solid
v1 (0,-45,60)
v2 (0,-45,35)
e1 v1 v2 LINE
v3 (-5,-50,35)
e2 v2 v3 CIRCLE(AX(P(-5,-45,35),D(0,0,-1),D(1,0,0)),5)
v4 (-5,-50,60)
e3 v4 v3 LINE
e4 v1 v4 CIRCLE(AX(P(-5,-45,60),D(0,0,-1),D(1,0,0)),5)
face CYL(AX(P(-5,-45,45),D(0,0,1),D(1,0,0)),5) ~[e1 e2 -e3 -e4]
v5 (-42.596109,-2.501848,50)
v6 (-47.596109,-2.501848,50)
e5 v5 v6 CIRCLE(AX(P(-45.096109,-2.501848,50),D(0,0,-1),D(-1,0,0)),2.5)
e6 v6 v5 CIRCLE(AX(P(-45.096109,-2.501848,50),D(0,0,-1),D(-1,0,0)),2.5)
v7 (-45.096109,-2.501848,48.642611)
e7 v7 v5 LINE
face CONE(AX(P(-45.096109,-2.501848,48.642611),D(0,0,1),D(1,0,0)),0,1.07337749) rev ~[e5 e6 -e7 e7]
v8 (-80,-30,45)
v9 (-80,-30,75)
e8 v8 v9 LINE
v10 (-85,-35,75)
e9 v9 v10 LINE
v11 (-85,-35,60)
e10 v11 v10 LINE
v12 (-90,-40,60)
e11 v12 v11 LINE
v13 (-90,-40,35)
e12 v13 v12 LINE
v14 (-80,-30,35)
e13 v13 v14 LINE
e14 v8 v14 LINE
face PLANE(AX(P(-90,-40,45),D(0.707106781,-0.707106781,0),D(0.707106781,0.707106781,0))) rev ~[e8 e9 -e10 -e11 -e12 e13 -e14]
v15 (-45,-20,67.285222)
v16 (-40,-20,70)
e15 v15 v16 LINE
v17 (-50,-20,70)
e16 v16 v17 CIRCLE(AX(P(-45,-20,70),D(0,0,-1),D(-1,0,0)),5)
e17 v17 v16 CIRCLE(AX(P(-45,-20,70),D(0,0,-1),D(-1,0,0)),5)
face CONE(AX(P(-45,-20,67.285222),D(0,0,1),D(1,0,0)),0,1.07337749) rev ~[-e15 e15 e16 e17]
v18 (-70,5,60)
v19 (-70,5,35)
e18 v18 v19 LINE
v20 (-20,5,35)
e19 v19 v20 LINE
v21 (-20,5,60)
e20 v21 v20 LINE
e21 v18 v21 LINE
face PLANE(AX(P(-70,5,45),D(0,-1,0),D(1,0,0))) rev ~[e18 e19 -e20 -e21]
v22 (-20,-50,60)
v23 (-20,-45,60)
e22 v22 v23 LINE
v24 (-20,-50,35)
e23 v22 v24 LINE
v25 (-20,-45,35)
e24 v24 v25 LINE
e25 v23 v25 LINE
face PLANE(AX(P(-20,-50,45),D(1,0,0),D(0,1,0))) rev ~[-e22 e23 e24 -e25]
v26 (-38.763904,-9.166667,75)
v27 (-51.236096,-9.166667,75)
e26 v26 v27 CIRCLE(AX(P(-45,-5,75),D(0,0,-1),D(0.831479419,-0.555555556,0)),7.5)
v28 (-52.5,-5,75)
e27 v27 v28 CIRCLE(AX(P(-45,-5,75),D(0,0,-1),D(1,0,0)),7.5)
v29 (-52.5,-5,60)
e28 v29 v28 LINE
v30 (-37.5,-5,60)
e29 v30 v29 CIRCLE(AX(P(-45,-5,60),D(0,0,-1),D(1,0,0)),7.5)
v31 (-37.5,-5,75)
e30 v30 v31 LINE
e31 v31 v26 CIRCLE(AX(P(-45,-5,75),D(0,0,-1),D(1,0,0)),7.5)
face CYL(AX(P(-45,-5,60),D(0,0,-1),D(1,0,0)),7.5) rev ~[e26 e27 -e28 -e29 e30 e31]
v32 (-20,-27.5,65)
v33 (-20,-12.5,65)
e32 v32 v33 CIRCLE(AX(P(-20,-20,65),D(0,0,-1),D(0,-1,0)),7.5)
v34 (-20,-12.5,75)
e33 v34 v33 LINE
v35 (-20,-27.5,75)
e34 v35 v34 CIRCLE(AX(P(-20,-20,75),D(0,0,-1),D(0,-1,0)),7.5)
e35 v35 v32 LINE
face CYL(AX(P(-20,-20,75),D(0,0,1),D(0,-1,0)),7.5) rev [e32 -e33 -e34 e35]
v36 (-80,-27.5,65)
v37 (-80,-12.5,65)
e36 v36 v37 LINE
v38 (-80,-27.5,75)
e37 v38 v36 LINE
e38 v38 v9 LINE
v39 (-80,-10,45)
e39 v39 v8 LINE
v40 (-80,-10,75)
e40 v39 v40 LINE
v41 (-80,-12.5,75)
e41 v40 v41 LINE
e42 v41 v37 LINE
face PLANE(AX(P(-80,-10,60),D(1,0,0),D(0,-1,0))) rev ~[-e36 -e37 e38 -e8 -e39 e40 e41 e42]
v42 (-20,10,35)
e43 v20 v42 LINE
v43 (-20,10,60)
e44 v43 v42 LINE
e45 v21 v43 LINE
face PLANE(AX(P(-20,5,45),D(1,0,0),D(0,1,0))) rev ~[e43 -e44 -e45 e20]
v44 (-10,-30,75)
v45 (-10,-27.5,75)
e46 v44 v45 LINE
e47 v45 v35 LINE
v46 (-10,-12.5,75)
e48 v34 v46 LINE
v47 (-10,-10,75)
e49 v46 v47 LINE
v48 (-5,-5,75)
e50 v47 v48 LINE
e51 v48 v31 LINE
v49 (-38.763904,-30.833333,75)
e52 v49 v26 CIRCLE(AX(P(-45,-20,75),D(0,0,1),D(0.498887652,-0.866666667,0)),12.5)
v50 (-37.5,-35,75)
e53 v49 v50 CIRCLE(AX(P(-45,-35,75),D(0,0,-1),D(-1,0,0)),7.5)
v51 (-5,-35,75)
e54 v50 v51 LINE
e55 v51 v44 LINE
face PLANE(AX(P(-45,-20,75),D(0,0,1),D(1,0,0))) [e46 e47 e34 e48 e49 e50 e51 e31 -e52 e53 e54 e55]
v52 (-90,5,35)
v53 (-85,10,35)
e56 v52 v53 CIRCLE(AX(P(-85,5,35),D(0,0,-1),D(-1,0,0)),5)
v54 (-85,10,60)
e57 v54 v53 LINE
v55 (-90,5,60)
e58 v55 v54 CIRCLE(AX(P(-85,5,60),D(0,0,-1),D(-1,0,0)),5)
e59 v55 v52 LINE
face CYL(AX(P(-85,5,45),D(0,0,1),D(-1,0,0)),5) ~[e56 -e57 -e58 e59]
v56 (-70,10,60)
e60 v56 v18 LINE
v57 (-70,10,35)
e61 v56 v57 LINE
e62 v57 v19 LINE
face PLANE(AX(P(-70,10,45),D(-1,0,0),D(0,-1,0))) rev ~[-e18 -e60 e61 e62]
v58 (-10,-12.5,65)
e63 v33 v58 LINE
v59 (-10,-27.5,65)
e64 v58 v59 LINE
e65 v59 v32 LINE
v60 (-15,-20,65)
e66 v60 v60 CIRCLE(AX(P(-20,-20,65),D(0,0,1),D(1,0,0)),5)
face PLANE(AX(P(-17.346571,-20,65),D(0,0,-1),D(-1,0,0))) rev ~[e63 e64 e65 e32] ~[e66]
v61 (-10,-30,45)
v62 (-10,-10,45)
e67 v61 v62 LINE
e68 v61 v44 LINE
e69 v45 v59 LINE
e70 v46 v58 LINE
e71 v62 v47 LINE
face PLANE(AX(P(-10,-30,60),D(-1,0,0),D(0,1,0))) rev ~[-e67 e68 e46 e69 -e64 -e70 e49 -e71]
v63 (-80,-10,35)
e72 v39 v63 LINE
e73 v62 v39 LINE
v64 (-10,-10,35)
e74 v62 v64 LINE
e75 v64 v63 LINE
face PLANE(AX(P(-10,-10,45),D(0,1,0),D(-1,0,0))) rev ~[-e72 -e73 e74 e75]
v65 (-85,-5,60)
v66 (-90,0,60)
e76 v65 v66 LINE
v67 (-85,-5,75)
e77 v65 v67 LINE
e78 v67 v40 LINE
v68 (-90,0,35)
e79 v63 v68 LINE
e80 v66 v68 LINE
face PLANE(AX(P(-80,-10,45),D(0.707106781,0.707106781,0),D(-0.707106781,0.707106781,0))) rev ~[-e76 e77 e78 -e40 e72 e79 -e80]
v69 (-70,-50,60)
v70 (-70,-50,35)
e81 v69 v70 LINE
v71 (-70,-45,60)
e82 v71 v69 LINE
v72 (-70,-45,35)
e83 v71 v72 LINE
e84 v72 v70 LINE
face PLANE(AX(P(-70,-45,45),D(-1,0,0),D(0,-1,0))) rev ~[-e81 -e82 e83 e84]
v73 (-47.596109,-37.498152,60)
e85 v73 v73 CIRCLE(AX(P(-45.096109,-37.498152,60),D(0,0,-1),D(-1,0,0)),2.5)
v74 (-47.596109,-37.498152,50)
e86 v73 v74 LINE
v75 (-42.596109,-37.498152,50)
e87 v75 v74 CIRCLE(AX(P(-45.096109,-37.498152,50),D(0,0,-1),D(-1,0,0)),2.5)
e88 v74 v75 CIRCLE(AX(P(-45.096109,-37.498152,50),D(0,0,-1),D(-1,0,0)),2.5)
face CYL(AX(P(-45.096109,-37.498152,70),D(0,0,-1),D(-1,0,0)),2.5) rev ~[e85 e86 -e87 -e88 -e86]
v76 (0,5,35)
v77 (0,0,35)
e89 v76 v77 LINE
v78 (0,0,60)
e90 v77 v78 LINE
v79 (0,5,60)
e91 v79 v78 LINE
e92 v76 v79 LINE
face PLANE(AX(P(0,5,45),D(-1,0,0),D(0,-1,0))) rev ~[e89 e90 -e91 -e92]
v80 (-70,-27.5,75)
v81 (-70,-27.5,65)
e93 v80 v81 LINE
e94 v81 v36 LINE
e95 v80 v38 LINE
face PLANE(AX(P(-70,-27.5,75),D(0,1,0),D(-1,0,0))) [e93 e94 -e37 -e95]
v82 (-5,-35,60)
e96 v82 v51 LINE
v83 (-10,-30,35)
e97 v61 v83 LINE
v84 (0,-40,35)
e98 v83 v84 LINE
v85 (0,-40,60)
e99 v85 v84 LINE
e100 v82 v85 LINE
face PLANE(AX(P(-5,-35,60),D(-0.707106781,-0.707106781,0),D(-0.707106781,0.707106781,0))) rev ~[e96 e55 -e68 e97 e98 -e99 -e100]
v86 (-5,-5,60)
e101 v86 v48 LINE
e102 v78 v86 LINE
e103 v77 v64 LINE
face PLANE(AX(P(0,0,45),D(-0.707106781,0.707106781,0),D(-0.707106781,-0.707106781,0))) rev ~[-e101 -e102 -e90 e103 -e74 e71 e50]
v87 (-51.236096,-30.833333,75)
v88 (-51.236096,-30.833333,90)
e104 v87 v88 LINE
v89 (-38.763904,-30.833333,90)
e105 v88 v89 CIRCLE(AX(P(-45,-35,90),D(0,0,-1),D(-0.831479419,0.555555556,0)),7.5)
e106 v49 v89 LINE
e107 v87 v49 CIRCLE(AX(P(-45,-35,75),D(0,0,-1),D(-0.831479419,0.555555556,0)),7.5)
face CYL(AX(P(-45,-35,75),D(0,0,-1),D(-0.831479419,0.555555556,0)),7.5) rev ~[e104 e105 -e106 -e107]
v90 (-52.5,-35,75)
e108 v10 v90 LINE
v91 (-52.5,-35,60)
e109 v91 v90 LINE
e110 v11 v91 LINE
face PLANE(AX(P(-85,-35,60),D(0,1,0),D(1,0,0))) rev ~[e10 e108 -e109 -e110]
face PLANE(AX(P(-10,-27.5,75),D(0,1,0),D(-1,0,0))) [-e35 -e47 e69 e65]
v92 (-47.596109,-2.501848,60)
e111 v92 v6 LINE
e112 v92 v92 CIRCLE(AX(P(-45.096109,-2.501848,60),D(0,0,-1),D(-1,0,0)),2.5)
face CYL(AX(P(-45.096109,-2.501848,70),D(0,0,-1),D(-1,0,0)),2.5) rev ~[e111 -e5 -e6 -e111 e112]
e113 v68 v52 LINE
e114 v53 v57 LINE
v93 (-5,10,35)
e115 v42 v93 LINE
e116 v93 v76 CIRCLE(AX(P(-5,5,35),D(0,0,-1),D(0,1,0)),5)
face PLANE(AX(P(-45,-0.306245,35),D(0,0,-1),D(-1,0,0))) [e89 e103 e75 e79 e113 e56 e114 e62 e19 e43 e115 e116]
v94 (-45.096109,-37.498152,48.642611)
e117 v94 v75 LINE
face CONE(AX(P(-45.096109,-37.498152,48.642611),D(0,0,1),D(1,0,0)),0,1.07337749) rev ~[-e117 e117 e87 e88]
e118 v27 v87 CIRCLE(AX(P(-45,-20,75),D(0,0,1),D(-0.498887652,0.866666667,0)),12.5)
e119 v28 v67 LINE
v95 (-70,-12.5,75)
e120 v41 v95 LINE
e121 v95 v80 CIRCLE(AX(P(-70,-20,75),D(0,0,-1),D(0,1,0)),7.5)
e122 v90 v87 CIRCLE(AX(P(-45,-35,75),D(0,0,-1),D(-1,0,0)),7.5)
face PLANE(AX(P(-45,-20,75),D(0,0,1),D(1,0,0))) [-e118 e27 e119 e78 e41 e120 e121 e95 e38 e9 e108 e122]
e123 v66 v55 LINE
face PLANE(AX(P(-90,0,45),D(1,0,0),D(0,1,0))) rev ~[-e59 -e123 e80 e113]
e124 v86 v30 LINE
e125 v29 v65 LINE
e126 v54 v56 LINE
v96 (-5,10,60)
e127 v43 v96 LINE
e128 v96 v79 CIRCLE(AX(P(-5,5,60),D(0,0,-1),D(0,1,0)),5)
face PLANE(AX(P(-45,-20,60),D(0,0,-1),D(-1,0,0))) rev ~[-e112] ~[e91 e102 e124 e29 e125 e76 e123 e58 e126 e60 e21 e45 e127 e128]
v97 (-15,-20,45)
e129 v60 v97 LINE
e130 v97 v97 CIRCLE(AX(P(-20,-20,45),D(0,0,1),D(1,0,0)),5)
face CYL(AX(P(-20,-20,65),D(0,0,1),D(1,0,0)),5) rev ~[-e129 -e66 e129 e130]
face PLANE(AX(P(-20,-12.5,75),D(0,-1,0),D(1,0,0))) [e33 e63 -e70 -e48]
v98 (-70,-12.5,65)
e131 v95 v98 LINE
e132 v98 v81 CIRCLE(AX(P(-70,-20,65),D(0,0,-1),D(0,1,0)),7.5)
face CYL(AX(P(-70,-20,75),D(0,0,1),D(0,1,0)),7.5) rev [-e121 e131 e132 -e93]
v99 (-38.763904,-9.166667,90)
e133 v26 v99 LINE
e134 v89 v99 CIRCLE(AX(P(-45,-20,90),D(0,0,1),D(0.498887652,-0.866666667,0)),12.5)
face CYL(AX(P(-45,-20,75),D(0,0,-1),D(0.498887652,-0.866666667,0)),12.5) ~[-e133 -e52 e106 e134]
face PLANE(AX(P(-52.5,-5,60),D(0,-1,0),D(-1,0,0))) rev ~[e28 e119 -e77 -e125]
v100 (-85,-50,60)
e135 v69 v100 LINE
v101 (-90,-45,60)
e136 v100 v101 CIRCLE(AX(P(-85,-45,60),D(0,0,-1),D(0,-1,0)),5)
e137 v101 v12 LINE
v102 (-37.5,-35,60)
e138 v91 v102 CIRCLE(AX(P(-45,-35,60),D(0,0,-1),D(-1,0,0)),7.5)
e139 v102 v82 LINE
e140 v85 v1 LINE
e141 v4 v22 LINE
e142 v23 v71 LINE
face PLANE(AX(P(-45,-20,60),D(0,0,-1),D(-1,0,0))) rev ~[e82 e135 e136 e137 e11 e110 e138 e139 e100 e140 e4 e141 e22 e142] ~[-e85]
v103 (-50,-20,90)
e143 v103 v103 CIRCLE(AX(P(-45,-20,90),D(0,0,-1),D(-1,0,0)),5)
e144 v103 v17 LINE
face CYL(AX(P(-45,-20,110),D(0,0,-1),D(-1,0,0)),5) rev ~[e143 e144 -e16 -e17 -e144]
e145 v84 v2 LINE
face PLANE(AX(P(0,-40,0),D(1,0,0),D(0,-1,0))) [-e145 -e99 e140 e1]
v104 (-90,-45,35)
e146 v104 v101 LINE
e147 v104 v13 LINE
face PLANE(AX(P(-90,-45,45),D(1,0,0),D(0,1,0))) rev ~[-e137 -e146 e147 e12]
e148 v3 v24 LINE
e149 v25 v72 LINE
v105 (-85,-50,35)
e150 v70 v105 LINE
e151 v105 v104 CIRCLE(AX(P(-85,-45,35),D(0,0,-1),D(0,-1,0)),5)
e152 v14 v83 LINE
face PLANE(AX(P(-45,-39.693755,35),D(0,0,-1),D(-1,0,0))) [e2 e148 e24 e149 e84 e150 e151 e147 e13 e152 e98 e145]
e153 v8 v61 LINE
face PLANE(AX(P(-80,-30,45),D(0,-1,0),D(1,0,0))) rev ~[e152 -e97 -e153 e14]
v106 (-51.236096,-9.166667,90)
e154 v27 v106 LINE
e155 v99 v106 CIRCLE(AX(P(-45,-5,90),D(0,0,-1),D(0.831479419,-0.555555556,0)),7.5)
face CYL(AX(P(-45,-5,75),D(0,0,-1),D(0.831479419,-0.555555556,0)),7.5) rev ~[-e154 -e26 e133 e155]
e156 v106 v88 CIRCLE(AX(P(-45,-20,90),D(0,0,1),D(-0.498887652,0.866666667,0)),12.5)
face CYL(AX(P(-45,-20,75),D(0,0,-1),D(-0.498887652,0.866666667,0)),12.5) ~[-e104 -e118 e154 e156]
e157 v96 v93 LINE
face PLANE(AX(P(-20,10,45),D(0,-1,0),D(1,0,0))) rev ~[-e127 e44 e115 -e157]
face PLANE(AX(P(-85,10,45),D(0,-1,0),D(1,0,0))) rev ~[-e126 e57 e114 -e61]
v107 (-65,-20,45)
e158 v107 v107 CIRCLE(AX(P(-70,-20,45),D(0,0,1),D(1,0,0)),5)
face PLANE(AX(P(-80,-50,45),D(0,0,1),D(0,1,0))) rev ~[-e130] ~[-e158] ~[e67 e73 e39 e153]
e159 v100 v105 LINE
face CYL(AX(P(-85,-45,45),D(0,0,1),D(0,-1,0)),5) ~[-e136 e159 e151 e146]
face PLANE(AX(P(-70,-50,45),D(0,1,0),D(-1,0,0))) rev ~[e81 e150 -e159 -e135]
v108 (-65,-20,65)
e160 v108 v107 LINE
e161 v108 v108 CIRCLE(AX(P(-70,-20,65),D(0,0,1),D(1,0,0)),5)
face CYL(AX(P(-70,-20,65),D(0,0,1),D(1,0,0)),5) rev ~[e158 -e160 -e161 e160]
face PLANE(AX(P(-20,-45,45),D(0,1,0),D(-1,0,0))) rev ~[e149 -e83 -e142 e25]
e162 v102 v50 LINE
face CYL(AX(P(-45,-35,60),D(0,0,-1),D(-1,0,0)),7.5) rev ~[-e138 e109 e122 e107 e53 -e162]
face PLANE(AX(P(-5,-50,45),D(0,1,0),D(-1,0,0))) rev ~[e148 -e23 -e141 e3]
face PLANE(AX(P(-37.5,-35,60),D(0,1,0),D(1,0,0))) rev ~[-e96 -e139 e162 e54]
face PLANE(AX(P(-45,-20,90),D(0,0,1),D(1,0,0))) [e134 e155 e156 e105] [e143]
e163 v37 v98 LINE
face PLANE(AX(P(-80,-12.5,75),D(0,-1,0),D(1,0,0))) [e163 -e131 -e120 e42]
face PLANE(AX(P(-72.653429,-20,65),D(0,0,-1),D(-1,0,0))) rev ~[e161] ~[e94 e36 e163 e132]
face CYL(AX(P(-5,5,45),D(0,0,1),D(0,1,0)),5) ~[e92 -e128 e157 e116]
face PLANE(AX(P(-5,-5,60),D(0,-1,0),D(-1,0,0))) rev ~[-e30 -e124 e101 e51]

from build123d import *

# Parameters (mm, degrees)
BOSS_EXTRUDE1_DEPTH            = 60
SKETCH2_W                      = 30
SKETCH2_H                      = 10
CUT_EXTRUDE1_DEPTH             = 253
BOSS_EXTRUDE2_DEPTH            = 15
CUT_EXTRUDE5_DEPTH             = 10
SKETCH8_R                      = 5
CUT_EXTRUDE6_DEPTH             = 124
BOSS_EXTRUDE3_DEPTH            = 15
SKETCH15_W                     = 45
SKETCH15_H                     = 60
CUT_EXTRUDE8_DEPTH             = 90
BOSS_EXTRUDE4_DEPTH            = 10
F_1_2_1_2_DIAMETER_HOLE7_D     = 5
F_1_2_1_2_DIAMETER_HOLE7_DEPTH = 10
F_1_2_1_2_DIAMETER_HOLE7_TIP   = 1.357389249
F_10_0_10_DIAMETER_HOLE4_D     = 10
F_10_0_10_DIAMETER_HOLE4_DEPTH = 20
F_10_0_10_DIAMETER_HOLE4_TIP   = 2.714778498


with BuildPart() as part:
    # Sketch1 → Boss-Extrude1 (new body)
    with BuildSketch(Plane.XY):
        with BuildLine():
            Line((-90, 0), (-90, 5))
            ThreePointArc((-90, 5), (-88.535533906, 8.535533906), (-85, 10))
            Line((-85, 10), (-70, 10))
            Line((-70, 10), (-70, 5))
            Line((-70, 5), (-20, 5))
            Line((-20, 5), (-20, 10))
            Line((-20, 10), (-5, 10))
            ThreePointArc((-5, 10), (-1.464466094, 8.535533906), (0, 5))
            Line((0, 5), (0, 0))
            Line((0, 0), (-10, -10))
            Line((-10, -10), (-10, -30))
            Line((-10, -30), (0, -40))
            Line((0, -40), (0, -45))
            ThreePointArc((0, -45), (-1.464466094, -48.535533906), (-5, -50))
            Line((-5, -50), (-20, -50))
            Line((-20, -50), (-20, -45))
            Line((-20, -45), (-70, -45))
            Line((-70, -45), (-70, -50))
            Line((-70, -50), (-85, -50))
            ThreePointArc((-85, -50), (-88.535533906, -48.535533906), (-90, -45))
            Line((-90, -45), (-90, -40))
            Line((-90, -40), (-80, -30))
            Line((-80, -30), (-80, -10))
            Line((-80, -10), (-90, 0))
        make_face()
    extrude(amount=BOSS_EXTRUDE1_DEPTH)

    # Sketch2 → Cut-Extrude1 (cut)
    with BuildSketch(Plane(origin=(0, 0, 0), x_dir=(0, 0, -1), z_dir=(1, 0, 0))):
        with Locations((-30, -45)):
            Rectangle(SKETCH2_W, SKETCH2_H)
    extrude(amount=-CUT_EXTRUDE1_DEPTH, mode=Mode.SUBTRACT)

    # Sketch3 → Boss-Extrude2 (add)
    with BuildSketch(Plane.XY.offset(60)):
        with BuildLine():
            Line((-85, -5), (-80, -10))
            Line((-80, -10), (-80, -30))
            Line((-80, -30), (-85, -35))
            Line((-85, -35), (-52.5, -35))
            ThreePointArc((-52.5, -35), (-45, -27.5), (-37.5, -35))
            Line((-37.5, -35), (-5, -35))
            Line((-5, -35), (-10, -30))
            Line((-10, -30), (-10, -10))
            Line((-10, -10), (-5, -5))
            Line((-5, -5), (-37.5, -5))
            ThreePointArc((-37.5, -5), (-45, -12.5), (-52.5, -5))
            Line((-52.5, -5), (-85, -5))
        make_face()
    extrude(amount=BOSS_EXTRUDE2_DEPTH)

    # Sketch4 → Cut-Extrude5 (cut)
    with BuildSketch(Plane.XY.offset(75)):
        with BuildLine():
            Line((-80, -12.5), (-70, -12.5))
            ThreePointArc((-70, -12.5), (-62.5, -20), (-70, -27.5))
            Line((-70, -27.5), (-80, -27.5))
            Line((-80, -27.5), (-80, -12.5))
        make_face()
        with BuildLine():
            Line((-10, -12.5), (-10, -27.5))
            Line((-10, -27.5), (-20, -27.5))
            ThreePointArc((-20, -27.5), (-27.5, -20), (-20, -12.5))
            Line((-20, -12.5), (-10, -12.5))
        make_face()
    extrude(amount=-CUT_EXTRUDE5_DEPTH, mode=Mode.SUBTRACT)

    # Sketch8 → Cut-Extrude6 (cut)
    with BuildSketch(Plane.XY.offset(65)):
        with Locations((-20, -20)):
            Circle(SKETCH8_R)
        with Locations((-70, -20)):
            Circle(SKETCH8_R)
    extrude(amount=-CUT_EXTRUDE6_DEPTH, mode=Mode.SUBTRACT)

    # Sketch11 → Boss-Extrude3 (add)
    with BuildSketch(Plane.XY.offset(75)):
        with BuildLine():
            ThreePointArc((-51.236095645, -9.166666667), (-57.5, -20), (-51.236095645, -30.833333333))
            ThreePointArc((-51.236095645, -30.833333333), (-45, -27.5), (-38.763904355, -30.833333333))
            ThreePointArc((-38.763904355, -30.833333333), (-32.5, -20), (-38.763904355, -9.166666667))
            ThreePointArc((-38.763904355, -9.166666667), (-45, -12.5), (-51.236095645, -9.166666667))
        make_face()
    extrude(amount=BOSS_EXTRUDE3_DEPTH)

    # Sketch15 → Cut-Extrude8 (cut, symmetric)
    with BuildSketch(Plane.ZY.offset(80)):
        with Locations((22.5, -20)):
            Rectangle(SKETCH15_W, SKETCH15_H)
    extrude(amount=CUT_EXTRUDE8_DEPTH, both=True, mode=Mode.SUBTRACT)

    # Sketch16 → Boss-Extrude4 (add)
    with BuildSketch(Plane(origin=(0, 0, 45), x_dir=(-1, 0, 0), z_dir=(0, 0, -1))):
        with BuildLine():
            Line((10, -10), (80, -10))
            Line((80, -10), (90, 0))
            Line((90, 0), (90, 5))
            ThreePointArc((90, 5), (88.535533906, 8.535533906), (85, 10))
            Line((85, 10), (70, 10))
            Line((70, 10), (70, 5))
            Line((70, 5), (20, 5))
            Line((20, 5), (20, 10))
            Line((20, 10), (5, 10))
            ThreePointArc((5, 10), (1.464466094, 8.535533906), (0, 5))
            Line((0, 5), (0, 0))
            Line((0, 0), (10, -10))
        make_face()
        with BuildLine():
            Line((80, -30), (10, -30))
            Line((10, -30), (0, -40))
            Line((0, -40), (0, -45))
            ThreePointArc((0, -45), (1.464466094, -48.535533906), (5, -50))
            Line((5, -50), (20, -50))
            Line((20, -50), (20, -45))
            Line((20, -45), (70, -45))
            Line((70, -45), (70, -50))
            Line((70, -50), (85, -50))
            ThreePointArc((85, -50), (88.535533906, -48.535533906), (90, -45))
            Line((90, -45), (90, -40))
            Line((90, -40), (80, -30))
        make_face()
    extrude(amount=BOSS_EXTRUDE4_DEPTH)

    # Ø1.2 (1.2) Diameter Hole7
    with Locations(Plane(origin=(-45.096109005, -2.501848071, 60), x_dir=(1, 0, 0), z_dir=(0, 0, 1))):
        with Locations((0, 0), (0, -34.996303858)):
            Hole(F_1_2_1_2_DIAMETER_HOLE7_D / 2, depth=F_1_2_1_2_DIAMETER_HOLE7_DEPTH)
            with Locations((0, 0, -(F_1_2_1_2_DIAMETER_HOLE7_DEPTH + F_1_2_1_2_DIAMETER_HOLE7_TIP / 2))):  # 123° drill point
                Cone(0, F_1_2_1_2_DIAMETER_HOLE7_D / 2, F_1_2_1_2_DIAMETER_HOLE7_TIP, mode=Mode.SUBTRACT)

    # Ø10.0 (10) Diameter Hole4
    with Locations(Plane(origin=(-45, -20, 90), x_dir=(1, 0, 0), z_dir=(0, 0, 1))):
        with Locations((0, 0)):
            Hole(F_10_0_10_DIAMETER_HOLE4_D / 2, depth=F_10_0_10_DIAMETER_HOLE4_DEPTH)
            with Locations((0, 0, -(F_10_0_10_DIAMETER_HOLE4_DEPTH + F_10_0_10_DIAMETER_HOLE4_TIP / 2))):  # 123° drill point
                Cone(0, F_10_0_10_DIAMETER_HOLE4_D / 2, F_10_0_10_DIAMETER_HOLE4_TIP, mode=Mode.SUBTRACT)


solid = part.part
